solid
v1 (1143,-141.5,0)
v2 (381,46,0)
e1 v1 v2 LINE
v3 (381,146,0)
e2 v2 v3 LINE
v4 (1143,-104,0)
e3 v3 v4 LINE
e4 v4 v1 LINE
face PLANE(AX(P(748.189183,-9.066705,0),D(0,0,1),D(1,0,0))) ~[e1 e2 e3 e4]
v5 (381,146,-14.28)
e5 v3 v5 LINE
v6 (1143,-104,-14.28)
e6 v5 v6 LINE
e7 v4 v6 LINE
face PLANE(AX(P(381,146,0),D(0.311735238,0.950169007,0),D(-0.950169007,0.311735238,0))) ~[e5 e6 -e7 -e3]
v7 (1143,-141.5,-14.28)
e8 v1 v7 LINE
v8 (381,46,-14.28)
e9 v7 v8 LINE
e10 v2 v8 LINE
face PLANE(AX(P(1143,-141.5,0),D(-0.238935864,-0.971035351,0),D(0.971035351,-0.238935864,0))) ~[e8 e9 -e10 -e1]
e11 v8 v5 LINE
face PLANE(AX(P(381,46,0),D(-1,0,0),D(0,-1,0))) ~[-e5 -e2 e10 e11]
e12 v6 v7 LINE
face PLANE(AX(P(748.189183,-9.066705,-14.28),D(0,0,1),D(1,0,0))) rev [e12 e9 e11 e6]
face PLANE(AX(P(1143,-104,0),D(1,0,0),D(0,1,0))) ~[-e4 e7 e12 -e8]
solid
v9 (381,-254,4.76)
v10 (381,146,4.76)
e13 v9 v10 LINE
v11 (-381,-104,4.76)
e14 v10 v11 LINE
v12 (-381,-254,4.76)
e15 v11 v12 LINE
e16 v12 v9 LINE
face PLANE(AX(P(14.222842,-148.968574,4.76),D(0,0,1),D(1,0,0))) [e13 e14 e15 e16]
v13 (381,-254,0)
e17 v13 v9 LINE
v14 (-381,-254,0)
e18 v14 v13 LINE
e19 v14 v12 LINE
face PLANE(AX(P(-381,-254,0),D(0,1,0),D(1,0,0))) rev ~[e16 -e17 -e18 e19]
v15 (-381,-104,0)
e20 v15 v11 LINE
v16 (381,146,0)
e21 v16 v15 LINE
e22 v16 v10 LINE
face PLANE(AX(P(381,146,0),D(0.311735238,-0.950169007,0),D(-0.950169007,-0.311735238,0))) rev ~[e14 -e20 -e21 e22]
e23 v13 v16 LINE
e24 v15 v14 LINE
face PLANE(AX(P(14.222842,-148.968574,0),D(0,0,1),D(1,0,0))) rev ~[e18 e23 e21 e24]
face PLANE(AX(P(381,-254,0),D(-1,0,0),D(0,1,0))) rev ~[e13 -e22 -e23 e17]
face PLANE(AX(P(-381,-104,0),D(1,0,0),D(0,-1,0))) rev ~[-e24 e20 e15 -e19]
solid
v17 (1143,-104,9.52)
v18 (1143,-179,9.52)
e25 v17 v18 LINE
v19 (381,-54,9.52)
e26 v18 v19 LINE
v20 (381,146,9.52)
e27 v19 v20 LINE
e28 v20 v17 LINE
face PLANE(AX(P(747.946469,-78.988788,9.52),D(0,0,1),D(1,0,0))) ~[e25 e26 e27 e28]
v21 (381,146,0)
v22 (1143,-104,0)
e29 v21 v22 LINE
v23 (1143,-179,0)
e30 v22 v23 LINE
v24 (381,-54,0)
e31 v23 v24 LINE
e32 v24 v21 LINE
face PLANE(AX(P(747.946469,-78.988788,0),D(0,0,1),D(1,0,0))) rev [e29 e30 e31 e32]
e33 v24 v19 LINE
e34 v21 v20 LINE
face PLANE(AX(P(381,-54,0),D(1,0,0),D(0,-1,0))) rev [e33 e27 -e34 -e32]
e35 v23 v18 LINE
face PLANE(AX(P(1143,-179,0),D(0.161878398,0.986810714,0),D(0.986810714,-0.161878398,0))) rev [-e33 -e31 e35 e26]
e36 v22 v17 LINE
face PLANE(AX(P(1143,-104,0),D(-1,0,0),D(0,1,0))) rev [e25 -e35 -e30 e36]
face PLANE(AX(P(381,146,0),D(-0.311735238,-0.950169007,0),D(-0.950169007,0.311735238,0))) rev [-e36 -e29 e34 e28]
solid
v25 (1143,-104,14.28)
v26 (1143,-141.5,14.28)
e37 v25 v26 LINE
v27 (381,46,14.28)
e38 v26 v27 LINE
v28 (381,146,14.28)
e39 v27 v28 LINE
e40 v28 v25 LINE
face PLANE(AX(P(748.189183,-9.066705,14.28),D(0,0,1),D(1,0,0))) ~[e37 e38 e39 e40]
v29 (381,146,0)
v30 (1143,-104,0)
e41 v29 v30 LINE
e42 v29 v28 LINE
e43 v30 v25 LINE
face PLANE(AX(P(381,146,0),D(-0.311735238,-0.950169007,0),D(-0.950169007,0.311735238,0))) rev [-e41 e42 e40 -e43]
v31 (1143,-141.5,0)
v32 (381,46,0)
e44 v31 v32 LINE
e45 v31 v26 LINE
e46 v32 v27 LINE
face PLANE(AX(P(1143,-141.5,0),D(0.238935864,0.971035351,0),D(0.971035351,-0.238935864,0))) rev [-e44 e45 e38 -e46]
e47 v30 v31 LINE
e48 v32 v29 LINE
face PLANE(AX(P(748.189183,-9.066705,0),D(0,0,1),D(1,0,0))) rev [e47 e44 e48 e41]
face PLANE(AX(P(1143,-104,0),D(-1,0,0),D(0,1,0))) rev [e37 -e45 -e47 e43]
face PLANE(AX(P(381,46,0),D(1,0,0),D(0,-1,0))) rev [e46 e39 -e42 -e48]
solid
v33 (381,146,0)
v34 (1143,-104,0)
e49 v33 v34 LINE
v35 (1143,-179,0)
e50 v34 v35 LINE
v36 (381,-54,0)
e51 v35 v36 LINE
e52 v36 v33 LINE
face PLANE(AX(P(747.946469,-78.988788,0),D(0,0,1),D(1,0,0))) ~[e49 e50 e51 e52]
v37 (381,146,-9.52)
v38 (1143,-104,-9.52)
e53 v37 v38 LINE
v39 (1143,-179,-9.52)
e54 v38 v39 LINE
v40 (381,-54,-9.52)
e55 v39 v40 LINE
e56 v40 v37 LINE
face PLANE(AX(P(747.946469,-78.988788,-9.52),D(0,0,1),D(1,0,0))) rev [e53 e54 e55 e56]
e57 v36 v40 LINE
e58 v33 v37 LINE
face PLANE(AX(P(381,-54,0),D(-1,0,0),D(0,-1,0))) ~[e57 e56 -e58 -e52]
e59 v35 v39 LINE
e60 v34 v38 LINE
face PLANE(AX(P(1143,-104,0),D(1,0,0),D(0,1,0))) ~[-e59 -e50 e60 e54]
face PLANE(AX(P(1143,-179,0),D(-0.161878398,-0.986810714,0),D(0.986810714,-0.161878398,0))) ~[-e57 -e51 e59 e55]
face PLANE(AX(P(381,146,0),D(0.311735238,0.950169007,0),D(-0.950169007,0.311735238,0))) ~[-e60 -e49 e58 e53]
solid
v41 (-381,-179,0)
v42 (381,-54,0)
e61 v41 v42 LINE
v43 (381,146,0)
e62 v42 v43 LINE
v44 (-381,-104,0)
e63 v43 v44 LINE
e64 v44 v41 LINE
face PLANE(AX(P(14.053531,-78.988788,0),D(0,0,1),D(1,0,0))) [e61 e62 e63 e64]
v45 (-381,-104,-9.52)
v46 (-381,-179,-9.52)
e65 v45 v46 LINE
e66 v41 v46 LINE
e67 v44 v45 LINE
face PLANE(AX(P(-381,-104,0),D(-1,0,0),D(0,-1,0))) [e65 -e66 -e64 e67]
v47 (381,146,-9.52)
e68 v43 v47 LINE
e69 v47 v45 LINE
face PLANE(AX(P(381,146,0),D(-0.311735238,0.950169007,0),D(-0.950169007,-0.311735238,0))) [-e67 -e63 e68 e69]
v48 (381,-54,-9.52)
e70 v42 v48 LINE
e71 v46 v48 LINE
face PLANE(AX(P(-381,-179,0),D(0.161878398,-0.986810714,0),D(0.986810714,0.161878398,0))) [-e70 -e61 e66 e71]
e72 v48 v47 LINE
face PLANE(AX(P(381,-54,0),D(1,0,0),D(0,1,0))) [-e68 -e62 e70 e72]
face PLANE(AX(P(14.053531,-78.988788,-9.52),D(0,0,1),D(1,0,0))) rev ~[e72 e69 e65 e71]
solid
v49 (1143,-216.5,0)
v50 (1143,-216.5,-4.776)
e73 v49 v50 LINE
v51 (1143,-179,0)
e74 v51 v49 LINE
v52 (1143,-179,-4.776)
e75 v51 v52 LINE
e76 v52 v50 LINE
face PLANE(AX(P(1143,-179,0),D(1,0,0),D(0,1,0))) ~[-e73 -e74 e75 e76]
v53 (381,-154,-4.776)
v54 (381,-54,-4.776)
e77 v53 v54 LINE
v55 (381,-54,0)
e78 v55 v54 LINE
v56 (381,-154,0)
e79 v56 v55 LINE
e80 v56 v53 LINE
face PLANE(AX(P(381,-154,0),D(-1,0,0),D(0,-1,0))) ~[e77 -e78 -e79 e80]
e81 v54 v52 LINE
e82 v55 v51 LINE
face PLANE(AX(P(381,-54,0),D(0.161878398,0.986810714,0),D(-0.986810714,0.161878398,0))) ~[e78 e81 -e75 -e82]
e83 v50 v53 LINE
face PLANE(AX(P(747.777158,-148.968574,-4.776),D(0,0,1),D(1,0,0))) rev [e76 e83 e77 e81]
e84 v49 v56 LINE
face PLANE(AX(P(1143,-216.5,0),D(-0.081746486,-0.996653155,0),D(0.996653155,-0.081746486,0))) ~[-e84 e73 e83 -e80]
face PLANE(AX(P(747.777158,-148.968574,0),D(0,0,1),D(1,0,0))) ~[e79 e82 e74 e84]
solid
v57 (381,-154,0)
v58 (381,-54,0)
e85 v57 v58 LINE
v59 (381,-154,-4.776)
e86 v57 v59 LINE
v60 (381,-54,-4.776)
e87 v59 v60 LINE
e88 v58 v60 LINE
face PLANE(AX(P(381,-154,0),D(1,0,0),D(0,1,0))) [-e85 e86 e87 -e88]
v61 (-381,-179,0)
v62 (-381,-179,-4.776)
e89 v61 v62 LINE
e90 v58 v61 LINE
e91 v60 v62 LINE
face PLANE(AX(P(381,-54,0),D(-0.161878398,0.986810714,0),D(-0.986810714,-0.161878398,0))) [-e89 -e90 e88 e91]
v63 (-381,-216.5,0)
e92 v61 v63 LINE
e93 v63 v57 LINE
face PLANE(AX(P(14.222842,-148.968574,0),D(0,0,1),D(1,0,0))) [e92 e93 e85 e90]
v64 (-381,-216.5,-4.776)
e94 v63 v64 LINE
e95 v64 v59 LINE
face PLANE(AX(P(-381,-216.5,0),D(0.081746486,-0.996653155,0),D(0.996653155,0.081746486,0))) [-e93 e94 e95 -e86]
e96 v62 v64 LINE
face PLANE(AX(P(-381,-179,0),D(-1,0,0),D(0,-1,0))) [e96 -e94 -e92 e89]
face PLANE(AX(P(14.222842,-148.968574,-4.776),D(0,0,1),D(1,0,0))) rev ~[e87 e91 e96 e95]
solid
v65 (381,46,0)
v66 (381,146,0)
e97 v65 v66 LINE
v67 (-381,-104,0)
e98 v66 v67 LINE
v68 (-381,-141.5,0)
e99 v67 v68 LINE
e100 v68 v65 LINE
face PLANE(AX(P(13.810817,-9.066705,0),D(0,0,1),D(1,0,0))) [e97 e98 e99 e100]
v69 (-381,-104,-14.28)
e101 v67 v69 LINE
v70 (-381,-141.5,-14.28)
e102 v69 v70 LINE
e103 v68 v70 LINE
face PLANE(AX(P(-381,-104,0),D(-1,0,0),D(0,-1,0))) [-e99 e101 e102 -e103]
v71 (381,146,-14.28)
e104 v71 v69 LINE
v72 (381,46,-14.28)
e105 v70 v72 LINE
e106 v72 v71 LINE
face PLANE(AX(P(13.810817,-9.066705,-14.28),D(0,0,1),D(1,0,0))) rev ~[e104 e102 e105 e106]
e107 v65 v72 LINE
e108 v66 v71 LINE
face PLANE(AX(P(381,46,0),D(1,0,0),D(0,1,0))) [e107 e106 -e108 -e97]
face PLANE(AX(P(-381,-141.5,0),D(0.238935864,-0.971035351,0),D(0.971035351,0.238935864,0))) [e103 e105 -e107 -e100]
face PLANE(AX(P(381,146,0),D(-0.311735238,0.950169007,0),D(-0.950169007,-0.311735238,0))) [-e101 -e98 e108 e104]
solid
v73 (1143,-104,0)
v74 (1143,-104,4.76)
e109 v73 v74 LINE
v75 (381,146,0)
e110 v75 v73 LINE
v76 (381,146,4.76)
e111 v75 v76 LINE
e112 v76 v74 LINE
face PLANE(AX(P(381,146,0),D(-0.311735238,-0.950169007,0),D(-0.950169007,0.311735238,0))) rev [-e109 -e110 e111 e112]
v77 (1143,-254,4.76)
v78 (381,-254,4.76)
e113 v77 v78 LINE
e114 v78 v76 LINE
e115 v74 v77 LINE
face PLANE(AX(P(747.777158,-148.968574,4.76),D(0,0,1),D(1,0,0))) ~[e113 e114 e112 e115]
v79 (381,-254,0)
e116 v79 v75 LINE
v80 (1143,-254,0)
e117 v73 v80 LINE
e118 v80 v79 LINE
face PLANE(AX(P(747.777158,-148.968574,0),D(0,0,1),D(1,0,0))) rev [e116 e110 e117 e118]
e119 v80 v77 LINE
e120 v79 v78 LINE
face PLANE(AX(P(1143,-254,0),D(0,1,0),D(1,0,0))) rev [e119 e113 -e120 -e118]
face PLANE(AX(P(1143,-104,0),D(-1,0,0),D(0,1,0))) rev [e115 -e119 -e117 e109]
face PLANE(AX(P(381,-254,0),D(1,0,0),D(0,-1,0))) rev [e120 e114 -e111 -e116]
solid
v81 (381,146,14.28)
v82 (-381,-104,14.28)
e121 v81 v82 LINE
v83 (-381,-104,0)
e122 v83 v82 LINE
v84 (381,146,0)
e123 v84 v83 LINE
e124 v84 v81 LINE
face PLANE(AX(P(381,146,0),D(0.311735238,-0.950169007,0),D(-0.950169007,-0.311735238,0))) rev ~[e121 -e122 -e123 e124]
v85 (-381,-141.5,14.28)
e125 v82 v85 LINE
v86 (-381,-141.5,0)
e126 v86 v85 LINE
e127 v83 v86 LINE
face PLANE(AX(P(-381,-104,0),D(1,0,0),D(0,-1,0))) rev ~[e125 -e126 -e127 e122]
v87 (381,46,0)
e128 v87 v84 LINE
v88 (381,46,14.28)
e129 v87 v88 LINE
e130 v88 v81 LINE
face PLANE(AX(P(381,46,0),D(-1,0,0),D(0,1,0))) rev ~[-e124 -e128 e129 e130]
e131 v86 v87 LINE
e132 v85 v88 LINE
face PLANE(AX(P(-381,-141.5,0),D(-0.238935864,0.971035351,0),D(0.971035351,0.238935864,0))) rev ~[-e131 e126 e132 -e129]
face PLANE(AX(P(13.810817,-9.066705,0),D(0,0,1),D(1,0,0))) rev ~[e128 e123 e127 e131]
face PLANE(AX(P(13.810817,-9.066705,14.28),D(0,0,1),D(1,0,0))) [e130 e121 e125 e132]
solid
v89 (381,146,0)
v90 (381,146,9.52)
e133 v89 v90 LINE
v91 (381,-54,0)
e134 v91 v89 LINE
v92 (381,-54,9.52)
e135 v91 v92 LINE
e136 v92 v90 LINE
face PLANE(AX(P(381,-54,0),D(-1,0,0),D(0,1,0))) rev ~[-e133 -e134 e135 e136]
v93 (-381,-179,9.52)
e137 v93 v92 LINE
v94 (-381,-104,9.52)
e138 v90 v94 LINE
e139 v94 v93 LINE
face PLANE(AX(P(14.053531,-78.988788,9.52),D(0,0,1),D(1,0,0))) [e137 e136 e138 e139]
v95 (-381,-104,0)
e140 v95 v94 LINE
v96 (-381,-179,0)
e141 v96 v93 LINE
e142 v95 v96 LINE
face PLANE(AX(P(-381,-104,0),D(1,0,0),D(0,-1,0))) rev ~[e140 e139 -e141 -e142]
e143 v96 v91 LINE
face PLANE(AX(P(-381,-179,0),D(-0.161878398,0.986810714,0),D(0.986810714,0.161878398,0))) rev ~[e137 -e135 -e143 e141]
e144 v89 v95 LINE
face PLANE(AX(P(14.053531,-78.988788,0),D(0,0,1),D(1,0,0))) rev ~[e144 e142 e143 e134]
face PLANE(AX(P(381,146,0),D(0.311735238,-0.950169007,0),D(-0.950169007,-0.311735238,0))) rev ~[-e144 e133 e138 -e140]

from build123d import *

# Parameters (mm, degrees)
F1_DEPTH = 4.76
F2_DEPTH = 9.52
F3_DEPTH = 14.28
F4_DEPTH = 9.52
F5_DEPTH = 14.28
F6_DEPTH = 4.776


with BuildPart() as f1:
    # F0 (on Top) → F1 (new body)
    with BuildSketch(Plane.XY):
        Polygon((381, -54), (-381, -179), (-381, -216.5), (381, -154), align=None)
        Polygon((381, 46), (-381, -141.5), (-381, -179), (381, -54), align=None)
        Polygon((381, 146), (-381, -104), (-381, -141.5), (381, 46), align=None)
        Polygon((381, -154), (-381, -216.5), (-381, -254), (381, -254), align=None)
    extrude(amount=F1_DEPTH)


with BuildPart() as f2:
    # F0 (on Top) → F2 (new body)
    with BuildSketch(Plane.XY):
        Polygon((381, 46), (-381, -141.5), (-381, -179), (381, -54), align=None)
        Polygon((381, 146), (-381, -104), (-381, -141.5), (381, 46), align=None)
    extrude(amount=F2_DEPTH)


with BuildPart() as f3:
    # F0 (on Top) → F3 (new body)
    with BuildSketch(Plane.XY):
        Polygon((381, 146), (-381, -104), (-381, -141.5), (381, 46), align=None)
    extrude(amount=F3_DEPTH)


with BuildPart() as f4:
    # F0 (on Top) → F4 (new body)
    with BuildSketch(Plane.XY):
        Polygon((381, 46), (-381, -141.5), (-381, -179), (381, -54), align=None)
        Polygon((381, 146), (-381, -104), (-381, -141.5), (381, 46), align=None)
    extrude(amount=-F4_DEPTH)


with BuildPart() as f5:
    # F0 (on Top) → F5 (new body)
    with BuildSketch(Plane.XY):
        Polygon((381, 146), (-381, -104), (-381, -141.5), (381, 46), align=None)
    extrude(amount=-F5_DEPTH)


with BuildPart() as f6:
    # F0 (on Top) → F6 (new body)
    with BuildSketch(Plane.XY):
        Polygon((381, -54), (-381, -179), (-381, -216.5), (381, -154), align=None)
    extrude(amount=-F6_DEPTH)


with BuildPart() as f7_1:
    # F7: instance of F1
    add(f1.part.mirror(Plane(origin=(381, -54, 2.38), x_dir=(0, 1, 0), z_dir=(1, 0, 0))))


with BuildPart() as f7_2:
    # F7: instance of F2
    add(f2.part.mirror(Plane(origin=(381, -54, 2.38), x_dir=(0, 1, 0), z_dir=(1, 0, 0))))


with BuildPart() as f7_3:
    # F7: instance of F3
    add(f3.part.mirror(Plane(origin=(381, -54, 2.38), x_dir=(0, 1, 0), z_dir=(1, 0, 0))))


with BuildPart() as f7_4:
    # F7: instance of F4
    add(f4.part.mirror(Plane(origin=(381, -54, 2.38), x_dir=(0, 1, 0), z_dir=(1, 0, 0))))


with BuildPart() as f7_5:
    # F7: instance of F5
    add(f5.part.mirror(Plane(origin=(381, -54, 2.38), x_dir=(0, 1, 0), z_dir=(1, 0, 0))))


with BuildPart() as f7_6:
    # F7: instance of F6
    add(f6.part.mirror(Plane(origin=(381, -54, 2.38), x_dir=(0, 1, 0), z_dir=(1, 0, 0))))


solid = Compound([f1.part, f2.part, f3.part, f4.part, f5.part, f6.part, f7_1.part, f7_2.part, f7_3.part, f7_4.part, f7_5.part, f7_6.part])
